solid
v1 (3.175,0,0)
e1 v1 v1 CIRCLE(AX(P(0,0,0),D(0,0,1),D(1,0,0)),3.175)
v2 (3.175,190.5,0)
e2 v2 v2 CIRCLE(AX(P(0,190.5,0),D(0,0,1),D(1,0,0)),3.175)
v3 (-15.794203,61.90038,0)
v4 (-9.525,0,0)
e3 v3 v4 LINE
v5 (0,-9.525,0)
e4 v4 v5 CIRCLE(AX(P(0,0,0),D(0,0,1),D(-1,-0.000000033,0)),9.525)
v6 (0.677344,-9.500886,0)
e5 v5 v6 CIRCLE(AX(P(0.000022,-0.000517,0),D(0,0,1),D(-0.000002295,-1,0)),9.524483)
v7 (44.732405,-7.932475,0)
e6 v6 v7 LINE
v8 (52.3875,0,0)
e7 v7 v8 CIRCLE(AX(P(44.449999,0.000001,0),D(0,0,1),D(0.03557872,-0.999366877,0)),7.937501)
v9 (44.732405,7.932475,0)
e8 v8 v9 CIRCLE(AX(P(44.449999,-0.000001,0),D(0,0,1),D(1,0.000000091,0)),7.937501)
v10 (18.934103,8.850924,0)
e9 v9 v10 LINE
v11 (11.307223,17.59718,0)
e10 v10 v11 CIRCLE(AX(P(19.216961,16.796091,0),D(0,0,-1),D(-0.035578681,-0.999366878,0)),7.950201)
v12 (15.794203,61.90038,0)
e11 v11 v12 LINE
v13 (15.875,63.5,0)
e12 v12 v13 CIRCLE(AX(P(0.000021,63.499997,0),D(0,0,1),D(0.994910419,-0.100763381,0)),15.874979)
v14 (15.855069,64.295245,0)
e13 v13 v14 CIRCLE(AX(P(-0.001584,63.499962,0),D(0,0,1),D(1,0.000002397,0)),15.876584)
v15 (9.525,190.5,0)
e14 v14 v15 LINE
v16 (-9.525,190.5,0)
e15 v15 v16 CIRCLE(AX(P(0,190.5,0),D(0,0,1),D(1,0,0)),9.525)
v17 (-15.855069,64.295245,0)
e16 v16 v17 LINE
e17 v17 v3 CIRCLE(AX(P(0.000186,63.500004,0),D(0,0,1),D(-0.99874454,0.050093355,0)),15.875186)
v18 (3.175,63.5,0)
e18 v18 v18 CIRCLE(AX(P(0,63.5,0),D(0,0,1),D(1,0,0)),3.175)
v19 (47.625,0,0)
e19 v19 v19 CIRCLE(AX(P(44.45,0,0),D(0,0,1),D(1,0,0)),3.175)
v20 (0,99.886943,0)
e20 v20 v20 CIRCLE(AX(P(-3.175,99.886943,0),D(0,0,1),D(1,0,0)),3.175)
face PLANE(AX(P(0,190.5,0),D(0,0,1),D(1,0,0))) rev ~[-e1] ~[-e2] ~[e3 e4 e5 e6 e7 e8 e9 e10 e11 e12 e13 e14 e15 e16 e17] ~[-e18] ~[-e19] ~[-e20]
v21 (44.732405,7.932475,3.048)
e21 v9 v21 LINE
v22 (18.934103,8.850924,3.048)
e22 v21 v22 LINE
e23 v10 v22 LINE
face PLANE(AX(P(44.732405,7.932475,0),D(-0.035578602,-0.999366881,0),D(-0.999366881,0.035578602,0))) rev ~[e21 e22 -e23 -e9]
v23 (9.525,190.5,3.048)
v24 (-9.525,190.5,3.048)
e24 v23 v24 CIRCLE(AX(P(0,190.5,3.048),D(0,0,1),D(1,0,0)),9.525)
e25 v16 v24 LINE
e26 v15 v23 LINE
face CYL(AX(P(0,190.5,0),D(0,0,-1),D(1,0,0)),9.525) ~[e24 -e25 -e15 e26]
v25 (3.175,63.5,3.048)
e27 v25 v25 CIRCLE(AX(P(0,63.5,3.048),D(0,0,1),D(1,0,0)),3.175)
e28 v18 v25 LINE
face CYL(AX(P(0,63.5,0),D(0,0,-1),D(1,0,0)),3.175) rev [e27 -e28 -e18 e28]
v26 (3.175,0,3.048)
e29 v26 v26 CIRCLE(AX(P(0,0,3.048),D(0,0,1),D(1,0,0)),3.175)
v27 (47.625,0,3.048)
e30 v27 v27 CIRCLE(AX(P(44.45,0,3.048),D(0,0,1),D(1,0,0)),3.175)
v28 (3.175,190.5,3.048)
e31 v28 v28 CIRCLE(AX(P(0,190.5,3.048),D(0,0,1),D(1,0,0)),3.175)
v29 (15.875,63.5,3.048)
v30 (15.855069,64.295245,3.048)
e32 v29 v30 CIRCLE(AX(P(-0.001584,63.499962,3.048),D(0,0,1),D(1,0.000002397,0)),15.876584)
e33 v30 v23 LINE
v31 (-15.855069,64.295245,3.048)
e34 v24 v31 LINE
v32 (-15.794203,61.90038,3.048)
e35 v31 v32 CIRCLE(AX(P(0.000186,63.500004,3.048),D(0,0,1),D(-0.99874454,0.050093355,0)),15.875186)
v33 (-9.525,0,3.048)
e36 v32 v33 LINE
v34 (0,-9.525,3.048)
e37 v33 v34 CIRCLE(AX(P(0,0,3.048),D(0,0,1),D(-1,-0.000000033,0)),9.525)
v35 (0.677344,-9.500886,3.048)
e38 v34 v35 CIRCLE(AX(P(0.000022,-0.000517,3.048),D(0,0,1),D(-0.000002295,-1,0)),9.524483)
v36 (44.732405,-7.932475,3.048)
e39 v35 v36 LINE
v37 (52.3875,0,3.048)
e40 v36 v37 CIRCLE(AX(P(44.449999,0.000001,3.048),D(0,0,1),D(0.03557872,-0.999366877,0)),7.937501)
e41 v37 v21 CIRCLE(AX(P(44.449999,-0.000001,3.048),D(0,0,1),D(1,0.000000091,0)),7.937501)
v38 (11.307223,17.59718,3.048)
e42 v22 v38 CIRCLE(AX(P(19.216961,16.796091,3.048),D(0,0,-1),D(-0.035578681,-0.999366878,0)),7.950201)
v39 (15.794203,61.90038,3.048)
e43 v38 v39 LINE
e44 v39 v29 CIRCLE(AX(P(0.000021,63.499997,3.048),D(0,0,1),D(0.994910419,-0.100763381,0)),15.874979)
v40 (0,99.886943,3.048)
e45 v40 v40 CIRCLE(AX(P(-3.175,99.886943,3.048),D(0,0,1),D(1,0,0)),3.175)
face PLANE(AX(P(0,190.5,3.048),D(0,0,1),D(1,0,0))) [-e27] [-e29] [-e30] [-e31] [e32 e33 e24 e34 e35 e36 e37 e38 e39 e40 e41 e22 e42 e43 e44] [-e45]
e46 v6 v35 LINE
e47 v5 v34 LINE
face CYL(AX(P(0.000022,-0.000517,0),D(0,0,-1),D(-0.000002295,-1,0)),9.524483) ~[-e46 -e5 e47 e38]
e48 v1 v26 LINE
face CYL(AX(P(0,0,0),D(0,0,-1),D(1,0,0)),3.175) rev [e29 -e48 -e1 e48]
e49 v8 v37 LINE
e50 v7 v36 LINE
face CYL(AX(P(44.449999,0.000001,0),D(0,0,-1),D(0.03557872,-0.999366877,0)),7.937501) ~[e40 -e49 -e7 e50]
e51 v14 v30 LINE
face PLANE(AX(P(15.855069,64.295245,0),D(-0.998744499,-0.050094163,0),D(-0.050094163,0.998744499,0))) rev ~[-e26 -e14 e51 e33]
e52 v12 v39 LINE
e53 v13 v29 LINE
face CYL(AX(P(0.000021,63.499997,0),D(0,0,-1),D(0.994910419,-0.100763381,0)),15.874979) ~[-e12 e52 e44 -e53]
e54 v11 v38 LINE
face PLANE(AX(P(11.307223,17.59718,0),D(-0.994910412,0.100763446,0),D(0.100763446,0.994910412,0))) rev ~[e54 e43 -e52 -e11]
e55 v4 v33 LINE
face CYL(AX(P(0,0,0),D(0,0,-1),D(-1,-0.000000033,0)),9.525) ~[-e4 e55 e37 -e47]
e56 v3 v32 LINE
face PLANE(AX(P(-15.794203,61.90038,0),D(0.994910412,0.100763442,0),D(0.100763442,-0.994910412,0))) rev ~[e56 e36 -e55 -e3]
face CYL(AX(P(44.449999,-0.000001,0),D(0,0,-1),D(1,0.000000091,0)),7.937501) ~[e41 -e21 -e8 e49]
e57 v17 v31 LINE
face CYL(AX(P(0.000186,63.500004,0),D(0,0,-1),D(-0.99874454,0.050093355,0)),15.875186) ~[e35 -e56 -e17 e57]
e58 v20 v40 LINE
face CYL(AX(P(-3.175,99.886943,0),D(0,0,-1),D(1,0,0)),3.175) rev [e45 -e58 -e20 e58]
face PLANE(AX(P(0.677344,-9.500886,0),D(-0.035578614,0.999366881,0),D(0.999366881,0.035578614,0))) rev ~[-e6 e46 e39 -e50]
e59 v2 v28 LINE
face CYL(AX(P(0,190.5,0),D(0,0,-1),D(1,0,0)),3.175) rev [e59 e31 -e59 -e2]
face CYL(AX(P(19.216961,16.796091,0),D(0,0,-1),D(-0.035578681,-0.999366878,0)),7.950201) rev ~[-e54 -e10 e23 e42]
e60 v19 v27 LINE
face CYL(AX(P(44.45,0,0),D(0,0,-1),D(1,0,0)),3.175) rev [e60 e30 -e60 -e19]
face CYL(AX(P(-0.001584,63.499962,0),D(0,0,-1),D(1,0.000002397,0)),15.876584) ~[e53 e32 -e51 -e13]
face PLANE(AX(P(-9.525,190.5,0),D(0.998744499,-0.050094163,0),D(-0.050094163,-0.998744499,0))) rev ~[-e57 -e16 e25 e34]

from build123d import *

# Parameters (mm, degrees)
F0_R     = 3.175
F1_DEPTH = 3.048


with BuildPart() as f1:
    # F0 (on Top) → F1 (new body)
    with BuildSketch(Plane.XY):
        with BuildLine():
            ThreePointArc((-9.525, 190.5), (0, 180.975), (9.525, 190.5))
            ThreePointArc((9.525, 190.5), (0, 200.025), (-9.525, 190.5))
        make_face()
        with Locations((0, 190.5)):
            Circle(F0_R, mode=Mode.SUBTRACT)
        with BuildLine():
            Line((15.855069, 64.295245), (9.525, 190.5))
            ThreePointArc((9.525, 190.5), (0, 180.975), (-9.525, 190.5))
            Line((-9.525, 190.5), (-15.855069, 64.295245))
            ThreePointArc((-15.855069, 64.295245), (0, 79.375), (15.855069, 64.295245))
        make_face()
        with Locations((-3.175, 99.886943)):
            Circle(F0_R, mode=Mode.SUBTRACT)
        with BuildLine():
            ThreePointArc((15.875, 63.5), (15.870016, 63.897747), (15.855069, 64.295245))
            ThreePointArc((15.855069, 64.295245), (0, 79.375), (-15.855069, 64.295245))
            ThreePointArc((-15.855069, 64.295245), (-15.869875, 63.096663), (-15.794203, 61.90038))
            ThreePointArc((-15.794203, 61.90038), (0, 47.625), (15.794203, 61.90038))
            ThreePointArc((15.794203, 61.90038), (15.854788, 62.699171), (15.875, 63.5))
        make_face()
        with Locations((0, 63.5)):
            Circle(F0_R, mode=Mode.SUBTRACT)
        with BuildLine():
            ThreePointArc((15.794203, 61.90038), (0, 47.625), (-15.794203, 61.90038))
            Line((-15.794203, 61.90038), (-9.525, 0))
            ThreePointArc((-9.525, 0), (0, 9.525), (9.525, 0))
            ThreePointArc((9.525, 0), (6.970557, -6.491299), (0.677344, -9.500886))
            Line((0.677344, -9.500886), (44.732405, -7.932475))
            ThreePointArc((44.732405, -7.932475), (36.5125, 0), (44.732405, 7.932475))
            Line((44.732405, 7.932475), (18.934103, 8.850924))
            ThreePointArc((18.934103, 8.850924), (13.224974, 11.57098), (11.307223, 17.59718))
            Line((11.307223, 17.59718), (15.794203, 61.90038))
        make_face()
        with BuildLine():
            ThreePointArc((9.525, 0), (0, 9.525), (-9.525, 0))
            ThreePointArc((-9.525, 0), (-6.735192, -6.735192), (0, -9.525))
            Line((0, -9.525), (0.677344, -9.500886))
            ThreePointArc((0.677344, -9.500886), (6.970557, -6.491299), (9.525, 0))
        make_face()
        Circle(F0_R, mode=Mode.SUBTRACT)
        with BuildLine():
            Line((0.677344, -9.500886), (0, -9.525))
            ThreePointArc((0, -9.525), (0.338886, -9.51897), (0.677344, -9.500886))
        make_face()
        with BuildLine():
            ThreePointArc((52.3875, 0), (50.161633, 5.51191), (44.732405, 7.932475))
            ThreePointArc((44.732405, 7.932475), (36.5125, 0), (44.732405, -7.932475))
            ThreePointArc((44.732405, -7.932475), (50.161633, -5.51191), (52.3875, 0))
        make_face()
        with Locations((44.45, 0)):
            Circle(F0_R, mode=Mode.SUBTRACT)
    extrude(amount=F1_DEPTH)


solid = f1.part
